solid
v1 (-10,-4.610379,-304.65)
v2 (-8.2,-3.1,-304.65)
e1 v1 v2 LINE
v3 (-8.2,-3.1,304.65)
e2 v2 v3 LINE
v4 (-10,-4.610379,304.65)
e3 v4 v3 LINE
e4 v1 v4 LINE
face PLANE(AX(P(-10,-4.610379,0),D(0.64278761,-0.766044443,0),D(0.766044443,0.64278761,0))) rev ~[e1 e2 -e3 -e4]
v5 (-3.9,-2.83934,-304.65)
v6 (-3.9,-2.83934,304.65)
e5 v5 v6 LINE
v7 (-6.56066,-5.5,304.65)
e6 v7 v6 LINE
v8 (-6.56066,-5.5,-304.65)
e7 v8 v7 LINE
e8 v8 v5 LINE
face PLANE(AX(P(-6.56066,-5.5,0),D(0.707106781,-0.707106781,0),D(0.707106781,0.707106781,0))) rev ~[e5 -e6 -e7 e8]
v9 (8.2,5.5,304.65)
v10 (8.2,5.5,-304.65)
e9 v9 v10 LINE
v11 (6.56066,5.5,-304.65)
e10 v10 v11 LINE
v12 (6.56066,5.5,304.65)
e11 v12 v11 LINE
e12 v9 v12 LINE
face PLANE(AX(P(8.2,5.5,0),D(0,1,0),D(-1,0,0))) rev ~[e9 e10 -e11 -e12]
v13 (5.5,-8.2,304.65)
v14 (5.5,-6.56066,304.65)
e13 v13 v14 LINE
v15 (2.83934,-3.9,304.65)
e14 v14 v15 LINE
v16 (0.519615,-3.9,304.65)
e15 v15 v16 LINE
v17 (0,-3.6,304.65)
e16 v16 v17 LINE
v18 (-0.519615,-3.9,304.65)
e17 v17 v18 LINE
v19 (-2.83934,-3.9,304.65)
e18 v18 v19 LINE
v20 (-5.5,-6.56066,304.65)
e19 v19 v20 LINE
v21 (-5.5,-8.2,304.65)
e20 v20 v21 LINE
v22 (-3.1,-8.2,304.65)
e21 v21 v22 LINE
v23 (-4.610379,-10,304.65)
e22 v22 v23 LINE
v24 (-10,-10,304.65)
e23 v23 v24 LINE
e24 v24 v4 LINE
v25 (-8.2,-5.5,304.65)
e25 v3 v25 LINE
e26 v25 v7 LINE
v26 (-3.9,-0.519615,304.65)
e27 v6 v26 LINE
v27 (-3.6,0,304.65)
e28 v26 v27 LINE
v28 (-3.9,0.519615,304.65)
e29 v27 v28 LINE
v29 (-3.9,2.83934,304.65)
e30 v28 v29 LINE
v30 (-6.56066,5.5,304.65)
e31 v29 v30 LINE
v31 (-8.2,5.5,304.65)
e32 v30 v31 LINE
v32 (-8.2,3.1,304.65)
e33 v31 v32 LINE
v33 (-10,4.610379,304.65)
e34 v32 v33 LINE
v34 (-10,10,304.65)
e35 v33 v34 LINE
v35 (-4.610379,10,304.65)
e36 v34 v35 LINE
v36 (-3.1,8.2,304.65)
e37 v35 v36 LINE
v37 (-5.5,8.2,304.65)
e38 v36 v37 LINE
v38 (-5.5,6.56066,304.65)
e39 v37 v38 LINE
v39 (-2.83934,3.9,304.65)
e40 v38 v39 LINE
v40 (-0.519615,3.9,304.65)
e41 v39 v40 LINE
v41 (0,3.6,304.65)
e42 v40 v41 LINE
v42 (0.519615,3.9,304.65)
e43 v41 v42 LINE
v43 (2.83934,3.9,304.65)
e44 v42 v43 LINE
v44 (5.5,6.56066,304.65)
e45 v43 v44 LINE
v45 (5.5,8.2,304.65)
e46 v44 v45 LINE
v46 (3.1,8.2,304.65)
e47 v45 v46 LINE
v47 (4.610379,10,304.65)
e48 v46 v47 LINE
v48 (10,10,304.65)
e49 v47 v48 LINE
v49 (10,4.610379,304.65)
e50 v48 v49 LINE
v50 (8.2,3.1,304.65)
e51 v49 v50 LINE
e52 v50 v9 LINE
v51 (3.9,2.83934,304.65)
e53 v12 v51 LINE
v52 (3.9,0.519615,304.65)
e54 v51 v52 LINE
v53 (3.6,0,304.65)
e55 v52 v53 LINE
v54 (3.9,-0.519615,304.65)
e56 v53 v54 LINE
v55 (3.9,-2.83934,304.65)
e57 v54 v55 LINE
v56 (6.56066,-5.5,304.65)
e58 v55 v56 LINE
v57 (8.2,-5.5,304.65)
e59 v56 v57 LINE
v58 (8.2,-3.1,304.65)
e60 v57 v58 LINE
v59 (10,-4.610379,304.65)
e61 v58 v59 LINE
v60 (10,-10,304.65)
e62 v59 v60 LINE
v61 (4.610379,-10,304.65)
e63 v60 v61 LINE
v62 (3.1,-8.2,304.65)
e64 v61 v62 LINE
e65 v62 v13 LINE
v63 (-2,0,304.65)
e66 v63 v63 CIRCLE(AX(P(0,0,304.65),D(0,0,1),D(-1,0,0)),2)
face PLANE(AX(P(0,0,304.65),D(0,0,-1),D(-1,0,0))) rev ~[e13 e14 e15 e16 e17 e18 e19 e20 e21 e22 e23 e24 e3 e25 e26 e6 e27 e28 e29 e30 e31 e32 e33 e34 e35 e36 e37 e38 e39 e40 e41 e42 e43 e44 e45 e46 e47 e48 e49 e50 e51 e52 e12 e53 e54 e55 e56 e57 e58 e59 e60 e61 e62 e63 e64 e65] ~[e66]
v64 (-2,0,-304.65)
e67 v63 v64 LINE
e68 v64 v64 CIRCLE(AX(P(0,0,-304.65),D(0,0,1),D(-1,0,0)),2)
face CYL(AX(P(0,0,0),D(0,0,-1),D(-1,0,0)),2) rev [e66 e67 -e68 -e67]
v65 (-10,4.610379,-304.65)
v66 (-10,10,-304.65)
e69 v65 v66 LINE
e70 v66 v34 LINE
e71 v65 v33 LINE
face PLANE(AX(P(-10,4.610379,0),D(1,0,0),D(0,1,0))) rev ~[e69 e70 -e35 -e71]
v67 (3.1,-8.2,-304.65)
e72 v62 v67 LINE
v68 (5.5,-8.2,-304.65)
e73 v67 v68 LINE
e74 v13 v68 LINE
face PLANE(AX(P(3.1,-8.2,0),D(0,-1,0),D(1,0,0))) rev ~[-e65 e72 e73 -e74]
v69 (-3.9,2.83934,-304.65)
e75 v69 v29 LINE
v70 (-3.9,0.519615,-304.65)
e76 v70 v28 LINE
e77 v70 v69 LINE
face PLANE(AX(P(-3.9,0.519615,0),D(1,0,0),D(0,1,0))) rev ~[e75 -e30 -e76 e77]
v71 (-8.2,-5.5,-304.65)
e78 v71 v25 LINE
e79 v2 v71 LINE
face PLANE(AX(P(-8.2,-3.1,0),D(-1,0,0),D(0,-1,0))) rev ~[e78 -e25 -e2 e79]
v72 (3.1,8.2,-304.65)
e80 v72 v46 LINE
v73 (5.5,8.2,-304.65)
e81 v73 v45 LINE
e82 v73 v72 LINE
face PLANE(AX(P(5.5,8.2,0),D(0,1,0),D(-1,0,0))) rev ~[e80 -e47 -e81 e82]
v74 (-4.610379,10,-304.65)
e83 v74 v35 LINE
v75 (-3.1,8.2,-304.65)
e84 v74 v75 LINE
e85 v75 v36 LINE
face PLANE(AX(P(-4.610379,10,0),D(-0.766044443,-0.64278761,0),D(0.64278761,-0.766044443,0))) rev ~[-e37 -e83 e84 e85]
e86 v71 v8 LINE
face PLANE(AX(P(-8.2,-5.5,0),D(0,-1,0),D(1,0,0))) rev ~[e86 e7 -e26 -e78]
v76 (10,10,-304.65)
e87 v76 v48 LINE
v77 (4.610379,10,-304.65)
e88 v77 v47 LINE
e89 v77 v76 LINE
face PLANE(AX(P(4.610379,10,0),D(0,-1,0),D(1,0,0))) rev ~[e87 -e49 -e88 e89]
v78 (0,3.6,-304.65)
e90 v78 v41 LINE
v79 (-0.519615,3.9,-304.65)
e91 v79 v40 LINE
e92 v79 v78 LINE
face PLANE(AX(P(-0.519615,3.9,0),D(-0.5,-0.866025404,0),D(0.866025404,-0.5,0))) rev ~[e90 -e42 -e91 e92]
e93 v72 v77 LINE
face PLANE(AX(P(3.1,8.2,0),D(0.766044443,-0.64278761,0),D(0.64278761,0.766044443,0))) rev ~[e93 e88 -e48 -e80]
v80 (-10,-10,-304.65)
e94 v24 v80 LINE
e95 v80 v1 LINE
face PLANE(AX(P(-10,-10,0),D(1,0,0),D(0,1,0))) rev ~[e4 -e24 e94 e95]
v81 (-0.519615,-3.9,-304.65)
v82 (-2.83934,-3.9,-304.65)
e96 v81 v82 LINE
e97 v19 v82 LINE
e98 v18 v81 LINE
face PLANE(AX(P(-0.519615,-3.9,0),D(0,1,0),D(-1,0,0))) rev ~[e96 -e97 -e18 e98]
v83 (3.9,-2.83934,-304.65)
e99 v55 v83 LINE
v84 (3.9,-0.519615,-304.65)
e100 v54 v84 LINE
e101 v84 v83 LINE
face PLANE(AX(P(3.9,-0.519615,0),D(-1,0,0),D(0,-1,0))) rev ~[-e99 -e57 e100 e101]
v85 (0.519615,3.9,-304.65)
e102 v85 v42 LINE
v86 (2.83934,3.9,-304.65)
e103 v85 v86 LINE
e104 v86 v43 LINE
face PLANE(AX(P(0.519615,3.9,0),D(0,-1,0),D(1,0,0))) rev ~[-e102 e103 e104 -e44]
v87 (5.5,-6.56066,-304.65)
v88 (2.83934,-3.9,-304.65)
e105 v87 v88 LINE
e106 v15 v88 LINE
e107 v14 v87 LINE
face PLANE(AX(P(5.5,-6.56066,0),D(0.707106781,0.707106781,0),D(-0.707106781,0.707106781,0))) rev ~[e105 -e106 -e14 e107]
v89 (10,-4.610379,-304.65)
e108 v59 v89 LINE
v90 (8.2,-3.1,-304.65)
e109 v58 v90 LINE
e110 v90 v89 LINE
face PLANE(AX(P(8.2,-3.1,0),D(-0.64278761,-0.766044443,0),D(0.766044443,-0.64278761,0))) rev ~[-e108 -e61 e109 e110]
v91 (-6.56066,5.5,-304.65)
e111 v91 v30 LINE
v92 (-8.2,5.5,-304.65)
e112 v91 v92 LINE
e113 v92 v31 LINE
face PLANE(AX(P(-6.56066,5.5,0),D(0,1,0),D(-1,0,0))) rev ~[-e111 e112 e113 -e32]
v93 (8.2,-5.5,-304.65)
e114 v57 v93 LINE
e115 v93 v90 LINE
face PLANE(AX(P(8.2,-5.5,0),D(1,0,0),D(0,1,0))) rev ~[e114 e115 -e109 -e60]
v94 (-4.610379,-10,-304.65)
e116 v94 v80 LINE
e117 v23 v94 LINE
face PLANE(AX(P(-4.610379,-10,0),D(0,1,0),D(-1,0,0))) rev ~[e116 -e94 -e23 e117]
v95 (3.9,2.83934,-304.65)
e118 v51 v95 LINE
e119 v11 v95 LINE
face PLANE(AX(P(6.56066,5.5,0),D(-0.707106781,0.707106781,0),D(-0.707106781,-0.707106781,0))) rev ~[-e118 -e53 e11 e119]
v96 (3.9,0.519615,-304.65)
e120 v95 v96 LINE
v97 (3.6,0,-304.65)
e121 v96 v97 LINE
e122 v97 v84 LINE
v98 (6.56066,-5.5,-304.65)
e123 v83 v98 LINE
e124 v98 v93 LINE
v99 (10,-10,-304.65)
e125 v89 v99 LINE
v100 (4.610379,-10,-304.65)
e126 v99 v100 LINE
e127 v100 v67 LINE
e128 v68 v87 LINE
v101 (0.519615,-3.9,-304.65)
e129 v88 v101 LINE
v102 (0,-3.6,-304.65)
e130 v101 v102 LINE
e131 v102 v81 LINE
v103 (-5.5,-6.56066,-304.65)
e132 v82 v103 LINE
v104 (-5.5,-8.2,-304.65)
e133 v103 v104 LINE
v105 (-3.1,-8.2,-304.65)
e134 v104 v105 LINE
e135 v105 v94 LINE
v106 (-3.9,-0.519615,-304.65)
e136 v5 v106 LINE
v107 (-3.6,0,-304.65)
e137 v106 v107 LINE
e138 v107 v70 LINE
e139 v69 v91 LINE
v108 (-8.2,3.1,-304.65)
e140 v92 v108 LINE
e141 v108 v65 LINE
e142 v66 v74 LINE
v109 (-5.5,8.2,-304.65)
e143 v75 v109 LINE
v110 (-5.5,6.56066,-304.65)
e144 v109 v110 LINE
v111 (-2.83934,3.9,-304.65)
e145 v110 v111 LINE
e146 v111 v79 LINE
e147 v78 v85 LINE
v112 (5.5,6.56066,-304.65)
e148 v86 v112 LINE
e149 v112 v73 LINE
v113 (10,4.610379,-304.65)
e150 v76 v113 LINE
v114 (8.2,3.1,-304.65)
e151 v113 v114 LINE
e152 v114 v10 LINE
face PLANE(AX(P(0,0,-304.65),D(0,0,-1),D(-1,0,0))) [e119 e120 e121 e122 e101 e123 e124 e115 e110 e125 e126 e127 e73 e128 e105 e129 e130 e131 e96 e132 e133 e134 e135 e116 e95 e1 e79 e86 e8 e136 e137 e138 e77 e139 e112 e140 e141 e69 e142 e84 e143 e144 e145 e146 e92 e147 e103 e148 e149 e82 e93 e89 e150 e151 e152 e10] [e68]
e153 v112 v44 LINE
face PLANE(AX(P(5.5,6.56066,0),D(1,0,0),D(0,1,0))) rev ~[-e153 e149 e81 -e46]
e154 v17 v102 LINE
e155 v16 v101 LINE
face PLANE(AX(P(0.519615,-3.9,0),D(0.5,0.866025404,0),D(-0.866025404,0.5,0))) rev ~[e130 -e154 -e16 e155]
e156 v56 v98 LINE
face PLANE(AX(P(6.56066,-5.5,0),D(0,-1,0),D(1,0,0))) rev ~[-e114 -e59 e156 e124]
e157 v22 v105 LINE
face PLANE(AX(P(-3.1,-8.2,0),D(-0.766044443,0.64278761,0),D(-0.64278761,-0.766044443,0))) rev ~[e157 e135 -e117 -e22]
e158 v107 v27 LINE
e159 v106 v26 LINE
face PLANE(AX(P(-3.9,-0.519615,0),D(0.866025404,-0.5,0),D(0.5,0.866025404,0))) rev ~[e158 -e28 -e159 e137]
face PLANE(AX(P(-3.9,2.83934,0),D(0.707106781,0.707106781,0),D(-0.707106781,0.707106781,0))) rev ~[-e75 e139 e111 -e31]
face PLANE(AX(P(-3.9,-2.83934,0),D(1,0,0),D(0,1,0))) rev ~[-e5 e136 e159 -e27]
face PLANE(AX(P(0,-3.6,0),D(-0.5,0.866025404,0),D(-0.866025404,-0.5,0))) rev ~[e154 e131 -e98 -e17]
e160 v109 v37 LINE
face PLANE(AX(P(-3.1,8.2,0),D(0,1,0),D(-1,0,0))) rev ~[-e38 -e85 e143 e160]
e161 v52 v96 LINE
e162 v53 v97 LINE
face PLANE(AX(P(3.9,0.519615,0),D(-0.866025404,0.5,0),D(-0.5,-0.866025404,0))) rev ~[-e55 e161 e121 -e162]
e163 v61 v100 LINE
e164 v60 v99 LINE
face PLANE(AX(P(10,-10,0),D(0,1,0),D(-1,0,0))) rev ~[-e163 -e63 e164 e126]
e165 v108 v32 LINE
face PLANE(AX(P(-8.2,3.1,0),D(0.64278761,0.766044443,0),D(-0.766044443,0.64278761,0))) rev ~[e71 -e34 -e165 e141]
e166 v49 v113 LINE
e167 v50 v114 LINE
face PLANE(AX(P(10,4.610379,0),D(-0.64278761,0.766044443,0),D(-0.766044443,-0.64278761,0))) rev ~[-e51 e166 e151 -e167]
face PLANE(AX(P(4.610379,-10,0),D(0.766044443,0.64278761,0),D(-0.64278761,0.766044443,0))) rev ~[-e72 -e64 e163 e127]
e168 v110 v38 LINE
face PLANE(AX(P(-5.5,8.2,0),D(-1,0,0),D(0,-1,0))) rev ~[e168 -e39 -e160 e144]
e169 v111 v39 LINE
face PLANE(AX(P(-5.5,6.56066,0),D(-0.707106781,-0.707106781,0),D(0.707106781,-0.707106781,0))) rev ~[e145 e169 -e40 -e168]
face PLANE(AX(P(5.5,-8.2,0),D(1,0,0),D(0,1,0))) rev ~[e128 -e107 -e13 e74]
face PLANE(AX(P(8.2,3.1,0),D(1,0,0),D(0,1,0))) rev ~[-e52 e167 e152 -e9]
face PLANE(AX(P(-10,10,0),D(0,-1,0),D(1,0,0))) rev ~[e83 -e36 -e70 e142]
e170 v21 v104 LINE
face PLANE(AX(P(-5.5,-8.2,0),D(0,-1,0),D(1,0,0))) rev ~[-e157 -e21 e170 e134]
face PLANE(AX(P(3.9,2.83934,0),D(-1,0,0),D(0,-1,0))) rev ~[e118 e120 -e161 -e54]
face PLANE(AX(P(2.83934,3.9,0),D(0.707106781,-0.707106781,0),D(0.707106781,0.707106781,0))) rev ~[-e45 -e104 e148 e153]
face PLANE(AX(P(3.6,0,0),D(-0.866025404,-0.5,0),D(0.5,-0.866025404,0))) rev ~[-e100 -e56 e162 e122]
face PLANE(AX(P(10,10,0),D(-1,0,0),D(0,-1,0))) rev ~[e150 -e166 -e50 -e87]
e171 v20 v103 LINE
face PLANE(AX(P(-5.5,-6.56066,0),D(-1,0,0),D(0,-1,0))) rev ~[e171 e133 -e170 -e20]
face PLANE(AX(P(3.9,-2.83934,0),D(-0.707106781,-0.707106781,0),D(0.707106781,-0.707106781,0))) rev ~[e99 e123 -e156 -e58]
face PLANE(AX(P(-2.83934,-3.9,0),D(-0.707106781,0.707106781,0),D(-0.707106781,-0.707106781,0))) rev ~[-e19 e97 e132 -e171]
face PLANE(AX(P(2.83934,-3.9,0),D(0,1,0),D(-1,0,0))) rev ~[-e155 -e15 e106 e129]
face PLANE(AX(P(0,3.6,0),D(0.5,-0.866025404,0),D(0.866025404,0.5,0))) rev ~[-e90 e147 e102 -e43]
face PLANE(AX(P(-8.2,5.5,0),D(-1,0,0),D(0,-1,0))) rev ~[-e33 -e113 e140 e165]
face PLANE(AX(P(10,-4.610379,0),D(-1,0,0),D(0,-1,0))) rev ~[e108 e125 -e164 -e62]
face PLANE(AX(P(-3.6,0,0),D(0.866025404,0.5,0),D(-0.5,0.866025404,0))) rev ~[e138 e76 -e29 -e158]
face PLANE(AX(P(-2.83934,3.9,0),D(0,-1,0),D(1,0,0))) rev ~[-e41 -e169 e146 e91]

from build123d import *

# Parameters (mm, degrees)
SKETCH1_R           = 2
BOSS_EXTRUDE1_DEPTH = 304.65


with BuildPart() as part:
    # Sketch1 → Boss-Extrude1 (new, symmetric)
    with BuildSketch(Plane.XY):
        Polygon((10, 10), (10, 4.610379336), (8.2, 3.1), (8.2, 5.5), (6.560660172, 5.5), (3.9, 2.839339828), (3.9, 0.519615242), (3.6, 0), (3.9, -0.519615242), (3.9, -2.839339828), (6.560660172, -5.5), (8.2, -5.5), (8.2, -3.1), (10, -4.610379336), (10, -10), (4.610379336, -10), (3.1, -8.2), (5.5, -8.2), (5.5, -6.560660172), (2.839339828, -3.9), (0.519615242, -3.9), (0, -3.6), (-0.519615242, -3.9), (-2.839339828, -3.9), (-5.5, -6.560660172), (-5.5, -8.2), (-3.1, -8.2), (-4.610379336, -10), (-10, -10), (-10, -4.610379336), (-8.2, -3.1), (-8.2, -5.5), (-6.560660172, -5.5), (-3.9, -2.839339828), (-3.9, -0.519615242), (-3.6, 0), (-3.9, 0.519615242), (-3.9, 2.839339828), (-6.560660172, 5.5), (-8.2, 5.5), (-8.2, 3.1), (-10, 4.610379336), (-10, 10), (-4.610379336, 10), (-3.1, 8.2), (-5.5, 8.2), (-5.5, 6.560660172), (-2.839339828, 3.9), (-0.519615242, 3.9), (0, 3.6), (0.519615242, 3.9), (2.839339828, 3.9), (5.5, 6.560660172), (5.5, 8.2), (3.1, 8.2), (4.610379336, 10), align=None)
        with Locations(Location((0, 0, 0), (0, 0, 180))):
            Circle(SKETCH1_R, mode=Mode.SUBTRACT)
    extrude(amount=BOSS_EXTRUDE1_DEPTH, both=True)


solid = part.part
